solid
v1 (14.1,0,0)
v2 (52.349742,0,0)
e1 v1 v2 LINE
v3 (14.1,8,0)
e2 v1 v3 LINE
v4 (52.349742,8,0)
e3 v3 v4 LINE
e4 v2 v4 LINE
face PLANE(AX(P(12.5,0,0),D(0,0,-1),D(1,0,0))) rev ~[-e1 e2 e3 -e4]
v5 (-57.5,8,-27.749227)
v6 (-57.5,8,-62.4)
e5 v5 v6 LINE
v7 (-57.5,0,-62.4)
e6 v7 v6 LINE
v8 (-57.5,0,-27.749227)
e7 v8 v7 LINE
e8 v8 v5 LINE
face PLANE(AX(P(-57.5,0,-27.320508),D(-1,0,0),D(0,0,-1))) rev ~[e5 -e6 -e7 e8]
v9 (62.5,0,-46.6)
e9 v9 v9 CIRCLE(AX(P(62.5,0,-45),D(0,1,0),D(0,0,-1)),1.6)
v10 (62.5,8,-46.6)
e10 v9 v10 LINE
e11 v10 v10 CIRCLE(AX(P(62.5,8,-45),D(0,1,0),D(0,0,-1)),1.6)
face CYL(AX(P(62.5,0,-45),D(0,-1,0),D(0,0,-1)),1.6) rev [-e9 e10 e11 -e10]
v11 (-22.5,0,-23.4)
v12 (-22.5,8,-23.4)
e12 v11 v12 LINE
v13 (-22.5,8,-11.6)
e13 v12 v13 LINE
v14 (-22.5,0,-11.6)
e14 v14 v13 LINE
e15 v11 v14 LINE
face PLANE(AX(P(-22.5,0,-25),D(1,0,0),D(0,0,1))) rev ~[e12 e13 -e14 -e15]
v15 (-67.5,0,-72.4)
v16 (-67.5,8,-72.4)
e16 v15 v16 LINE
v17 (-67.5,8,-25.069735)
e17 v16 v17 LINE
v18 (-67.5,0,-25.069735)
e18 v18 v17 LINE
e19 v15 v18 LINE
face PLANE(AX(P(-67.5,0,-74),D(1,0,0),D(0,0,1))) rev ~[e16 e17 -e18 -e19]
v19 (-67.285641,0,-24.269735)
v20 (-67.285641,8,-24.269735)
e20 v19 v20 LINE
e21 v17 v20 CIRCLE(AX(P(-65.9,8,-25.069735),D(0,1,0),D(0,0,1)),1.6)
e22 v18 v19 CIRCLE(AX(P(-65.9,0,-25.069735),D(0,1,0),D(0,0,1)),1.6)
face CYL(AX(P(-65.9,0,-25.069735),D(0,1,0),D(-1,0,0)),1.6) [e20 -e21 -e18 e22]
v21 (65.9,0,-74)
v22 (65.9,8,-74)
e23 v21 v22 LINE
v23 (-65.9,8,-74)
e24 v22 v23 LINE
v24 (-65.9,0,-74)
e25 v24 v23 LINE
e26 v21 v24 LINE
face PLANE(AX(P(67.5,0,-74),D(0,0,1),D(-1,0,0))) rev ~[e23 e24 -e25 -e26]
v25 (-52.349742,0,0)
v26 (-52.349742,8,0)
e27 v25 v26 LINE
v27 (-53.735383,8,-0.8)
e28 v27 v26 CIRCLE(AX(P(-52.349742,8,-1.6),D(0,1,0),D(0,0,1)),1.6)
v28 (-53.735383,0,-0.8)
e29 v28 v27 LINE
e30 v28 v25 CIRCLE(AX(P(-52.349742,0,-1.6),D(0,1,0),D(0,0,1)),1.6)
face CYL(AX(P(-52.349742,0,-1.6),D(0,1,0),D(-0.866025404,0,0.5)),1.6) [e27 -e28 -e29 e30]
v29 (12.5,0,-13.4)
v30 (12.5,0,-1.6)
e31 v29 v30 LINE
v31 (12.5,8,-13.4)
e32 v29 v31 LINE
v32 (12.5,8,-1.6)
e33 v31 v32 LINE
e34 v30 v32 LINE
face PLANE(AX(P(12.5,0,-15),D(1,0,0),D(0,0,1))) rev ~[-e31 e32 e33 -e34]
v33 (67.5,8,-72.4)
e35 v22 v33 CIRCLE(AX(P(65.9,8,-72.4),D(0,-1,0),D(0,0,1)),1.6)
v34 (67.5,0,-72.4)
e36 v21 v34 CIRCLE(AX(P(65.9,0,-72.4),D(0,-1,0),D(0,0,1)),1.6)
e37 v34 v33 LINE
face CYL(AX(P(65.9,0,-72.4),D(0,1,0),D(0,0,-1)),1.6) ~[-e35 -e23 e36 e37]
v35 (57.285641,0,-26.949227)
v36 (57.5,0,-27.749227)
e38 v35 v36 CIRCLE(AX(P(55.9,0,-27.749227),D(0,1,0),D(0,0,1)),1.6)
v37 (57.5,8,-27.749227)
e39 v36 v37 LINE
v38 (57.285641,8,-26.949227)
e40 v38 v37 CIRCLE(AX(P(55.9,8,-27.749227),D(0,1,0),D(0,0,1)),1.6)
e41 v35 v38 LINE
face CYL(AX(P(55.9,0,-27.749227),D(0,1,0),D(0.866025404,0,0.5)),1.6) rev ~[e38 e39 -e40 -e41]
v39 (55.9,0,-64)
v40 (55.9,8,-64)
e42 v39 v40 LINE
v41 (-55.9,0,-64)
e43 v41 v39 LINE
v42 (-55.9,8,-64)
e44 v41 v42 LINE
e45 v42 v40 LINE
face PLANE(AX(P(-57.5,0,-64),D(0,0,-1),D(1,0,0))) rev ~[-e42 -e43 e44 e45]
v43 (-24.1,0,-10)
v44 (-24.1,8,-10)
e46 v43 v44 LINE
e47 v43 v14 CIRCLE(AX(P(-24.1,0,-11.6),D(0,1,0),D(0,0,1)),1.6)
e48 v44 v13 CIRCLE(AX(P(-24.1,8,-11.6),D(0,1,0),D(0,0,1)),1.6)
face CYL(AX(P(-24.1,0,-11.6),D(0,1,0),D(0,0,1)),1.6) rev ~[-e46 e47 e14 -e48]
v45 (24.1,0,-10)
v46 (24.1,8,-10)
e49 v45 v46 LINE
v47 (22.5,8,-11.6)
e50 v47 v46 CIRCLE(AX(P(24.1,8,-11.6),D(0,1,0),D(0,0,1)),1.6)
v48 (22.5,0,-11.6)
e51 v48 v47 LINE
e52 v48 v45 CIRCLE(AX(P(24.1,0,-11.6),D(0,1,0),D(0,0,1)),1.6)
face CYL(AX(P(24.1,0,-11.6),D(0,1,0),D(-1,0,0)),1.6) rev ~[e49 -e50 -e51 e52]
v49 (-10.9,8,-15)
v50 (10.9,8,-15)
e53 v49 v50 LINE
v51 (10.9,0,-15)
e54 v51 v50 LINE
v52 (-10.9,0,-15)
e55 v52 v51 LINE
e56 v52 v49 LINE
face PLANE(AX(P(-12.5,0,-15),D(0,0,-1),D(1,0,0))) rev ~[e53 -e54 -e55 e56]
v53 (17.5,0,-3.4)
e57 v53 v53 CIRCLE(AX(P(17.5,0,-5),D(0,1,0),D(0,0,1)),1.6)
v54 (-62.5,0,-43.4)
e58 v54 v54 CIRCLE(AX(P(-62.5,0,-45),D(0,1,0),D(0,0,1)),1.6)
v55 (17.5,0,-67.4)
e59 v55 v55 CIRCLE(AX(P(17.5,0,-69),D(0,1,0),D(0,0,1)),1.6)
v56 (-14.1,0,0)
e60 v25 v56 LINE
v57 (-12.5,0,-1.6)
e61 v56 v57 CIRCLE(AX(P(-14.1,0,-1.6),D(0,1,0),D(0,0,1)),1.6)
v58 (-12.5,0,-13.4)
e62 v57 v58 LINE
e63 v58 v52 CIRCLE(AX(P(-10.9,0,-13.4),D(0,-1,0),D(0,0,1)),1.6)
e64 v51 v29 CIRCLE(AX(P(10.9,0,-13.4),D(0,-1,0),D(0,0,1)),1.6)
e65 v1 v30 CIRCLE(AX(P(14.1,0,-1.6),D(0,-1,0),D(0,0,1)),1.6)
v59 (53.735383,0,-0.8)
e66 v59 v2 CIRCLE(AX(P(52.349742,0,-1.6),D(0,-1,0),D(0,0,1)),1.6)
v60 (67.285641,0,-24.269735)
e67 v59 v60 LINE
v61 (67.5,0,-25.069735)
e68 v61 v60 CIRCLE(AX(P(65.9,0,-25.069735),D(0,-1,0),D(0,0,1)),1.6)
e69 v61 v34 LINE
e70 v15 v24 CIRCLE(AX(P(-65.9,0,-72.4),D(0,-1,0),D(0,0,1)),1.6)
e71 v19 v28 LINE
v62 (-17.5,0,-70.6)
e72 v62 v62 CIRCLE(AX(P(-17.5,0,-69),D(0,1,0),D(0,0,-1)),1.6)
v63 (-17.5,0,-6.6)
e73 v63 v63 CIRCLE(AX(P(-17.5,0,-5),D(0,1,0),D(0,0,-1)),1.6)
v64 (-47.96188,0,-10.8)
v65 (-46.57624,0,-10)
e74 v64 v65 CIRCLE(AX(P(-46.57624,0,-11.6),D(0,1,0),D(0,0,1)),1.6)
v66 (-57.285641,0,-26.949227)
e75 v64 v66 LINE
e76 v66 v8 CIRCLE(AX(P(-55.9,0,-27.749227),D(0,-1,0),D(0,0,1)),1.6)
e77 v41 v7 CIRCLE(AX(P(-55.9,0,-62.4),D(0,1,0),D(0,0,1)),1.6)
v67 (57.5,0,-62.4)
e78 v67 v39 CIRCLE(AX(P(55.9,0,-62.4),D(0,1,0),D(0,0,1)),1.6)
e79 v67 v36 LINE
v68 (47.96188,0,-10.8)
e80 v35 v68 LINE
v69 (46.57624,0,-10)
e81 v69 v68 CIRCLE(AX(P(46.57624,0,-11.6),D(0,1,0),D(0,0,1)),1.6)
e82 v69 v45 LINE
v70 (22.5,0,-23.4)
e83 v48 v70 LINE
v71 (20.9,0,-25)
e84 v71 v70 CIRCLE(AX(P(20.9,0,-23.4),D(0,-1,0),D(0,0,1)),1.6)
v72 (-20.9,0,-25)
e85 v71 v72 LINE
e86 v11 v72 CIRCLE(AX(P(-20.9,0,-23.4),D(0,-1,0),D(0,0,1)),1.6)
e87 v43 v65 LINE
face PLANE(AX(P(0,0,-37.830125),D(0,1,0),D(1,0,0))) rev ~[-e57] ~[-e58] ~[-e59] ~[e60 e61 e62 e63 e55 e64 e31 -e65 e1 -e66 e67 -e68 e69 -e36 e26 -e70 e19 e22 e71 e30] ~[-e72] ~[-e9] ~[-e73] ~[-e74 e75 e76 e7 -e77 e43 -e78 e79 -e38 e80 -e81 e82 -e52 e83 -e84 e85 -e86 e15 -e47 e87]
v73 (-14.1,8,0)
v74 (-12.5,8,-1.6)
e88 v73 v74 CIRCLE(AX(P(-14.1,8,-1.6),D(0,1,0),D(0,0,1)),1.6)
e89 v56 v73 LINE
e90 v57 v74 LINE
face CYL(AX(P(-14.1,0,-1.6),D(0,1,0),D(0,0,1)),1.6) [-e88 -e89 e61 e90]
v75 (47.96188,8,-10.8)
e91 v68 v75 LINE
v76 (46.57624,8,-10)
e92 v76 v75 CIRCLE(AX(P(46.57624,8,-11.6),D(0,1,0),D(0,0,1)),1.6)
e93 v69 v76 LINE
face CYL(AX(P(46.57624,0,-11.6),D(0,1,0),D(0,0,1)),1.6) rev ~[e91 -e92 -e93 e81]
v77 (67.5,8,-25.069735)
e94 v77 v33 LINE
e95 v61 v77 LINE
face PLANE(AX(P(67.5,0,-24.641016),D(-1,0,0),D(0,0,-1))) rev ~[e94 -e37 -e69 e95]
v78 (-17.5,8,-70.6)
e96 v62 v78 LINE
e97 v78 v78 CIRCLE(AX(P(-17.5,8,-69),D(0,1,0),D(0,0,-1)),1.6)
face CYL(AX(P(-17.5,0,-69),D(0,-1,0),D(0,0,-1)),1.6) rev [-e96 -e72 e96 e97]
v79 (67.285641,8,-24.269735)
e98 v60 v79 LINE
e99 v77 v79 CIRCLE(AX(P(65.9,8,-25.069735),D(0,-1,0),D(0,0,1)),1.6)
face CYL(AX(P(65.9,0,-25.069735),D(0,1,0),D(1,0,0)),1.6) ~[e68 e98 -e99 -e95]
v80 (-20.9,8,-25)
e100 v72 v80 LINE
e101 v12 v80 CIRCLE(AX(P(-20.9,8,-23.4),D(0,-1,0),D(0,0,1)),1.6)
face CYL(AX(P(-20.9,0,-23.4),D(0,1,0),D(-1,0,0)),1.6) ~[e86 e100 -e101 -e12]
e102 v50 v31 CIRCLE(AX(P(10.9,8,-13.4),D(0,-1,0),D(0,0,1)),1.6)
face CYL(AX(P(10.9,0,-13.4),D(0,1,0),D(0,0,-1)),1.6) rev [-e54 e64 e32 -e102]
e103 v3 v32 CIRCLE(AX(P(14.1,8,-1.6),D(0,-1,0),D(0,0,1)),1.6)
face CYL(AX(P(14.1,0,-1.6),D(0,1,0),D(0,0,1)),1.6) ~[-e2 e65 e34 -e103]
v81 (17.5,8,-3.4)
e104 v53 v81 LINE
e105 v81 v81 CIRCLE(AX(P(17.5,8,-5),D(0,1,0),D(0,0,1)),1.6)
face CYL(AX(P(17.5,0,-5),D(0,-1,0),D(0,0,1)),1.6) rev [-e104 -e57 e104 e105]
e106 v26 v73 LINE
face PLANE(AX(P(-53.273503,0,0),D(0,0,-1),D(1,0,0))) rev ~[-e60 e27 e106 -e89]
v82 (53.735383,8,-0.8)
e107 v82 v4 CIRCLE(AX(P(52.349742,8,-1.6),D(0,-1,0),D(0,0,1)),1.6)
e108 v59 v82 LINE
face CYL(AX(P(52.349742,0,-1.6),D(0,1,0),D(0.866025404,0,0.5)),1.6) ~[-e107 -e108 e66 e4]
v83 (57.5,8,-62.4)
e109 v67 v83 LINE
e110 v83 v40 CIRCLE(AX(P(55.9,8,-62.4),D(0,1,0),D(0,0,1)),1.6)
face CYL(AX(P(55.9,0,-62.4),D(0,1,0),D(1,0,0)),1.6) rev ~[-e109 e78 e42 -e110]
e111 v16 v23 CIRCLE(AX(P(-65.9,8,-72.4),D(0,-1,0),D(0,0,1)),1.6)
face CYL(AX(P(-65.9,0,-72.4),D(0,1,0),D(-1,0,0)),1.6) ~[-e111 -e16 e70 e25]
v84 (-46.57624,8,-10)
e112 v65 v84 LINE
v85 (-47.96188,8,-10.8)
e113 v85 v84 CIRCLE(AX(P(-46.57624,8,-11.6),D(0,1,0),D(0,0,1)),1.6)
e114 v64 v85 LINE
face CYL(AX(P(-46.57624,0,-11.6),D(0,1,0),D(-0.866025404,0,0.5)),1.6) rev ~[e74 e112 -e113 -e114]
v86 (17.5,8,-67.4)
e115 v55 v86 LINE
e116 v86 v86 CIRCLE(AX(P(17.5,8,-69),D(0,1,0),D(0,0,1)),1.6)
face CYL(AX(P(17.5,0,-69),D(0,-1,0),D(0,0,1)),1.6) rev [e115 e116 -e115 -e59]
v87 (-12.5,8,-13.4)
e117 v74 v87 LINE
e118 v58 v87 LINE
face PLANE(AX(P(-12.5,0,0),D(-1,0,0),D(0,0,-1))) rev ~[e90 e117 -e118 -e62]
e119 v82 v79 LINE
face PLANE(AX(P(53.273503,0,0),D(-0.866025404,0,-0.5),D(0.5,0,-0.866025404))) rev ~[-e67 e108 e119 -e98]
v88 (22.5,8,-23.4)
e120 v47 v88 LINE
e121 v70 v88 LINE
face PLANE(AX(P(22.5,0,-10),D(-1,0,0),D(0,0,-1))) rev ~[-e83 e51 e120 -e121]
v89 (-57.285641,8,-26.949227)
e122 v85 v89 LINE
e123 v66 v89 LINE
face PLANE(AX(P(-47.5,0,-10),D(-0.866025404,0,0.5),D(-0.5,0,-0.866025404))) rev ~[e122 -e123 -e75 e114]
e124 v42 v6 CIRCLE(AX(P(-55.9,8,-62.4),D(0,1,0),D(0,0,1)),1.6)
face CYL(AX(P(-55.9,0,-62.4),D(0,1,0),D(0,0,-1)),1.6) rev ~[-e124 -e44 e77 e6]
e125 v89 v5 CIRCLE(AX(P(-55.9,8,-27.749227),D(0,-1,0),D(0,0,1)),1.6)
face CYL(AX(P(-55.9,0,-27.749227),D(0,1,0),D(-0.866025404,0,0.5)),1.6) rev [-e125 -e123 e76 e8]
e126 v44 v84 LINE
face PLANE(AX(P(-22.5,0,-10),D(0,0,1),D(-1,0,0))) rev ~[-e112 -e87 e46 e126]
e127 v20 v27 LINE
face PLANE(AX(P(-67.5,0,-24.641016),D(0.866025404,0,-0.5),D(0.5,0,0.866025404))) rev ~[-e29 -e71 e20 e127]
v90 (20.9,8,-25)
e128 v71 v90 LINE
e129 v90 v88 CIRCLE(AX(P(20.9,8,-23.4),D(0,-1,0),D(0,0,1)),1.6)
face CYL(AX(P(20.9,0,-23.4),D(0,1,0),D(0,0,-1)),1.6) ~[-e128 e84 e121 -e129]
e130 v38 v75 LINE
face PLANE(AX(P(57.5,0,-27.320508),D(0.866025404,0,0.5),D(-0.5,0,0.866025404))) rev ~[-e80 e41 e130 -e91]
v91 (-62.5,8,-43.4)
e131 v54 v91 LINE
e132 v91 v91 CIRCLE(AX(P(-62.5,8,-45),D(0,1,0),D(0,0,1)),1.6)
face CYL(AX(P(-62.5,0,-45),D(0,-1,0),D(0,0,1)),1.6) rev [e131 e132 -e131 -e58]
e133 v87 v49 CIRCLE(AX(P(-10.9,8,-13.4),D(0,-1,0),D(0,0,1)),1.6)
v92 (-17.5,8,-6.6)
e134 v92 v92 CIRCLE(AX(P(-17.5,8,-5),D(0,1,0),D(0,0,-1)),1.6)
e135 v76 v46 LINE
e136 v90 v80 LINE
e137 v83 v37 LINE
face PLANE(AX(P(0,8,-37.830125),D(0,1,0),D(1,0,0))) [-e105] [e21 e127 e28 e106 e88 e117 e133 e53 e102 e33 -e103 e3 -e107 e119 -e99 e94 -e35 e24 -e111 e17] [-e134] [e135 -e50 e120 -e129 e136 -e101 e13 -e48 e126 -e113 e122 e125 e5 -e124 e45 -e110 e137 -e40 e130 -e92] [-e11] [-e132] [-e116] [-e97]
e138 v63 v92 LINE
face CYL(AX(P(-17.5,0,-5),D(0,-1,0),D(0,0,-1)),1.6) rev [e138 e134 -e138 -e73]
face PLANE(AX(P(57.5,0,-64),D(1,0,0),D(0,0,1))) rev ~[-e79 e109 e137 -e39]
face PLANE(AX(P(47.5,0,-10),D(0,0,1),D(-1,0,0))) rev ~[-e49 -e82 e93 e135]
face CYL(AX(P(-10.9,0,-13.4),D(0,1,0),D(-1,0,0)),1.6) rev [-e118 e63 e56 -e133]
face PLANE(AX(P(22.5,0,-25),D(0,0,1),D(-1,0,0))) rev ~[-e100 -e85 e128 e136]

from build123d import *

# Parameters (mm, degrees)
SKETCH_1_R      = 1.6
EXTRUDE_1_DEPTH = 8
FILLET_1_R      = 1.6


with BuildPart() as part:
    # 草图1 → 凸台-拉伸1 (new body)
    with BuildSketch(Plane(origin=(0, 0, 0), x_dir=(1, 0, 0), z_dir=(0, 1, 0))):
        Polygon((-67.5, 74), (-67.5, 24.641016151), (-53.273502692, 0), (-12.5, 0), (-12.5, 15), (12.5, 15), (12.5, 0), (53.273502692, 0), (67.5, 24.641016151), (67.5, 74), align=None)
        with Locations(Location((17.5, 5, 0), (0, 0, 270))):
            Circle(SKETCH_1_R, mode=Mode.SUBTRACT)
        with Locations(Location((-62.5, 45, 0), (0, 0, 270))):
            Circle(SKETCH_1_R, mode=Mode.SUBTRACT)
        with Locations(Location((17.5, 69, 0), (0, 0, 270))):
            Circle(SKETCH_1_R, mode=Mode.SUBTRACT)
        with Locations(Location((-17.5, 5, 0), (0, 0, 90))):
            Circle(SKETCH_1_R, mode=Mode.SUBTRACT)
        with Locations(Location((-17.5, 69, 0), (0, 0, 90))):
            Circle(SKETCH_1_R, mode=Mode.SUBTRACT)
        with Locations(Location((62.5, 45, 0), (0, 0, 90))):
            Circle(SKETCH_1_R, mode=Mode.SUBTRACT)
        Polygon((-57.5, 27.320508076), (-57.5, 64), (57.5, 64), (57.5, 27.320508076), (47.5, 10), (22.5, 10), (22.5, 25), (-22.5, 25), (-22.5, 10), (-47.5, 10), align=None, mode=Mode.SUBTRACT)
    extrude(amount=EXTRUDE_1_DEPTH)

    # 圆角1
    fillet_1_edges = [part.edges().sort_by_distance(p)[0] for p in [
        (67.5, 4, -74),
        (67.5, 4, -24.641016151),
        (53.273502692, 4, 0),
        (12.5, 4, 0),
        (12.5, 4, -15),
        (-12.5, 4, -15),
        (-12.5, 4, 0),
        (-53.273502692, 4, 0),
        (-67.5, 4, -24.641016151),
        (-67.5, 4, -74),
        (57.5, 4, -27.320508076),
        (57.5, 4, -64),
        (-57.5, 4, -64),
        (-57.5, 4, -27.320508076),
        (-47.5, 4, -10),
        (-22.5, 4, -10),
        (-22.5, 4, -25),
        (22.5, 4, -25),
        (22.5, 4, -10),
        (47.5, 4, -10),
    ]]
    fillet(fillet_1_edges, radius=FILLET_1_R)


solid = part.part
